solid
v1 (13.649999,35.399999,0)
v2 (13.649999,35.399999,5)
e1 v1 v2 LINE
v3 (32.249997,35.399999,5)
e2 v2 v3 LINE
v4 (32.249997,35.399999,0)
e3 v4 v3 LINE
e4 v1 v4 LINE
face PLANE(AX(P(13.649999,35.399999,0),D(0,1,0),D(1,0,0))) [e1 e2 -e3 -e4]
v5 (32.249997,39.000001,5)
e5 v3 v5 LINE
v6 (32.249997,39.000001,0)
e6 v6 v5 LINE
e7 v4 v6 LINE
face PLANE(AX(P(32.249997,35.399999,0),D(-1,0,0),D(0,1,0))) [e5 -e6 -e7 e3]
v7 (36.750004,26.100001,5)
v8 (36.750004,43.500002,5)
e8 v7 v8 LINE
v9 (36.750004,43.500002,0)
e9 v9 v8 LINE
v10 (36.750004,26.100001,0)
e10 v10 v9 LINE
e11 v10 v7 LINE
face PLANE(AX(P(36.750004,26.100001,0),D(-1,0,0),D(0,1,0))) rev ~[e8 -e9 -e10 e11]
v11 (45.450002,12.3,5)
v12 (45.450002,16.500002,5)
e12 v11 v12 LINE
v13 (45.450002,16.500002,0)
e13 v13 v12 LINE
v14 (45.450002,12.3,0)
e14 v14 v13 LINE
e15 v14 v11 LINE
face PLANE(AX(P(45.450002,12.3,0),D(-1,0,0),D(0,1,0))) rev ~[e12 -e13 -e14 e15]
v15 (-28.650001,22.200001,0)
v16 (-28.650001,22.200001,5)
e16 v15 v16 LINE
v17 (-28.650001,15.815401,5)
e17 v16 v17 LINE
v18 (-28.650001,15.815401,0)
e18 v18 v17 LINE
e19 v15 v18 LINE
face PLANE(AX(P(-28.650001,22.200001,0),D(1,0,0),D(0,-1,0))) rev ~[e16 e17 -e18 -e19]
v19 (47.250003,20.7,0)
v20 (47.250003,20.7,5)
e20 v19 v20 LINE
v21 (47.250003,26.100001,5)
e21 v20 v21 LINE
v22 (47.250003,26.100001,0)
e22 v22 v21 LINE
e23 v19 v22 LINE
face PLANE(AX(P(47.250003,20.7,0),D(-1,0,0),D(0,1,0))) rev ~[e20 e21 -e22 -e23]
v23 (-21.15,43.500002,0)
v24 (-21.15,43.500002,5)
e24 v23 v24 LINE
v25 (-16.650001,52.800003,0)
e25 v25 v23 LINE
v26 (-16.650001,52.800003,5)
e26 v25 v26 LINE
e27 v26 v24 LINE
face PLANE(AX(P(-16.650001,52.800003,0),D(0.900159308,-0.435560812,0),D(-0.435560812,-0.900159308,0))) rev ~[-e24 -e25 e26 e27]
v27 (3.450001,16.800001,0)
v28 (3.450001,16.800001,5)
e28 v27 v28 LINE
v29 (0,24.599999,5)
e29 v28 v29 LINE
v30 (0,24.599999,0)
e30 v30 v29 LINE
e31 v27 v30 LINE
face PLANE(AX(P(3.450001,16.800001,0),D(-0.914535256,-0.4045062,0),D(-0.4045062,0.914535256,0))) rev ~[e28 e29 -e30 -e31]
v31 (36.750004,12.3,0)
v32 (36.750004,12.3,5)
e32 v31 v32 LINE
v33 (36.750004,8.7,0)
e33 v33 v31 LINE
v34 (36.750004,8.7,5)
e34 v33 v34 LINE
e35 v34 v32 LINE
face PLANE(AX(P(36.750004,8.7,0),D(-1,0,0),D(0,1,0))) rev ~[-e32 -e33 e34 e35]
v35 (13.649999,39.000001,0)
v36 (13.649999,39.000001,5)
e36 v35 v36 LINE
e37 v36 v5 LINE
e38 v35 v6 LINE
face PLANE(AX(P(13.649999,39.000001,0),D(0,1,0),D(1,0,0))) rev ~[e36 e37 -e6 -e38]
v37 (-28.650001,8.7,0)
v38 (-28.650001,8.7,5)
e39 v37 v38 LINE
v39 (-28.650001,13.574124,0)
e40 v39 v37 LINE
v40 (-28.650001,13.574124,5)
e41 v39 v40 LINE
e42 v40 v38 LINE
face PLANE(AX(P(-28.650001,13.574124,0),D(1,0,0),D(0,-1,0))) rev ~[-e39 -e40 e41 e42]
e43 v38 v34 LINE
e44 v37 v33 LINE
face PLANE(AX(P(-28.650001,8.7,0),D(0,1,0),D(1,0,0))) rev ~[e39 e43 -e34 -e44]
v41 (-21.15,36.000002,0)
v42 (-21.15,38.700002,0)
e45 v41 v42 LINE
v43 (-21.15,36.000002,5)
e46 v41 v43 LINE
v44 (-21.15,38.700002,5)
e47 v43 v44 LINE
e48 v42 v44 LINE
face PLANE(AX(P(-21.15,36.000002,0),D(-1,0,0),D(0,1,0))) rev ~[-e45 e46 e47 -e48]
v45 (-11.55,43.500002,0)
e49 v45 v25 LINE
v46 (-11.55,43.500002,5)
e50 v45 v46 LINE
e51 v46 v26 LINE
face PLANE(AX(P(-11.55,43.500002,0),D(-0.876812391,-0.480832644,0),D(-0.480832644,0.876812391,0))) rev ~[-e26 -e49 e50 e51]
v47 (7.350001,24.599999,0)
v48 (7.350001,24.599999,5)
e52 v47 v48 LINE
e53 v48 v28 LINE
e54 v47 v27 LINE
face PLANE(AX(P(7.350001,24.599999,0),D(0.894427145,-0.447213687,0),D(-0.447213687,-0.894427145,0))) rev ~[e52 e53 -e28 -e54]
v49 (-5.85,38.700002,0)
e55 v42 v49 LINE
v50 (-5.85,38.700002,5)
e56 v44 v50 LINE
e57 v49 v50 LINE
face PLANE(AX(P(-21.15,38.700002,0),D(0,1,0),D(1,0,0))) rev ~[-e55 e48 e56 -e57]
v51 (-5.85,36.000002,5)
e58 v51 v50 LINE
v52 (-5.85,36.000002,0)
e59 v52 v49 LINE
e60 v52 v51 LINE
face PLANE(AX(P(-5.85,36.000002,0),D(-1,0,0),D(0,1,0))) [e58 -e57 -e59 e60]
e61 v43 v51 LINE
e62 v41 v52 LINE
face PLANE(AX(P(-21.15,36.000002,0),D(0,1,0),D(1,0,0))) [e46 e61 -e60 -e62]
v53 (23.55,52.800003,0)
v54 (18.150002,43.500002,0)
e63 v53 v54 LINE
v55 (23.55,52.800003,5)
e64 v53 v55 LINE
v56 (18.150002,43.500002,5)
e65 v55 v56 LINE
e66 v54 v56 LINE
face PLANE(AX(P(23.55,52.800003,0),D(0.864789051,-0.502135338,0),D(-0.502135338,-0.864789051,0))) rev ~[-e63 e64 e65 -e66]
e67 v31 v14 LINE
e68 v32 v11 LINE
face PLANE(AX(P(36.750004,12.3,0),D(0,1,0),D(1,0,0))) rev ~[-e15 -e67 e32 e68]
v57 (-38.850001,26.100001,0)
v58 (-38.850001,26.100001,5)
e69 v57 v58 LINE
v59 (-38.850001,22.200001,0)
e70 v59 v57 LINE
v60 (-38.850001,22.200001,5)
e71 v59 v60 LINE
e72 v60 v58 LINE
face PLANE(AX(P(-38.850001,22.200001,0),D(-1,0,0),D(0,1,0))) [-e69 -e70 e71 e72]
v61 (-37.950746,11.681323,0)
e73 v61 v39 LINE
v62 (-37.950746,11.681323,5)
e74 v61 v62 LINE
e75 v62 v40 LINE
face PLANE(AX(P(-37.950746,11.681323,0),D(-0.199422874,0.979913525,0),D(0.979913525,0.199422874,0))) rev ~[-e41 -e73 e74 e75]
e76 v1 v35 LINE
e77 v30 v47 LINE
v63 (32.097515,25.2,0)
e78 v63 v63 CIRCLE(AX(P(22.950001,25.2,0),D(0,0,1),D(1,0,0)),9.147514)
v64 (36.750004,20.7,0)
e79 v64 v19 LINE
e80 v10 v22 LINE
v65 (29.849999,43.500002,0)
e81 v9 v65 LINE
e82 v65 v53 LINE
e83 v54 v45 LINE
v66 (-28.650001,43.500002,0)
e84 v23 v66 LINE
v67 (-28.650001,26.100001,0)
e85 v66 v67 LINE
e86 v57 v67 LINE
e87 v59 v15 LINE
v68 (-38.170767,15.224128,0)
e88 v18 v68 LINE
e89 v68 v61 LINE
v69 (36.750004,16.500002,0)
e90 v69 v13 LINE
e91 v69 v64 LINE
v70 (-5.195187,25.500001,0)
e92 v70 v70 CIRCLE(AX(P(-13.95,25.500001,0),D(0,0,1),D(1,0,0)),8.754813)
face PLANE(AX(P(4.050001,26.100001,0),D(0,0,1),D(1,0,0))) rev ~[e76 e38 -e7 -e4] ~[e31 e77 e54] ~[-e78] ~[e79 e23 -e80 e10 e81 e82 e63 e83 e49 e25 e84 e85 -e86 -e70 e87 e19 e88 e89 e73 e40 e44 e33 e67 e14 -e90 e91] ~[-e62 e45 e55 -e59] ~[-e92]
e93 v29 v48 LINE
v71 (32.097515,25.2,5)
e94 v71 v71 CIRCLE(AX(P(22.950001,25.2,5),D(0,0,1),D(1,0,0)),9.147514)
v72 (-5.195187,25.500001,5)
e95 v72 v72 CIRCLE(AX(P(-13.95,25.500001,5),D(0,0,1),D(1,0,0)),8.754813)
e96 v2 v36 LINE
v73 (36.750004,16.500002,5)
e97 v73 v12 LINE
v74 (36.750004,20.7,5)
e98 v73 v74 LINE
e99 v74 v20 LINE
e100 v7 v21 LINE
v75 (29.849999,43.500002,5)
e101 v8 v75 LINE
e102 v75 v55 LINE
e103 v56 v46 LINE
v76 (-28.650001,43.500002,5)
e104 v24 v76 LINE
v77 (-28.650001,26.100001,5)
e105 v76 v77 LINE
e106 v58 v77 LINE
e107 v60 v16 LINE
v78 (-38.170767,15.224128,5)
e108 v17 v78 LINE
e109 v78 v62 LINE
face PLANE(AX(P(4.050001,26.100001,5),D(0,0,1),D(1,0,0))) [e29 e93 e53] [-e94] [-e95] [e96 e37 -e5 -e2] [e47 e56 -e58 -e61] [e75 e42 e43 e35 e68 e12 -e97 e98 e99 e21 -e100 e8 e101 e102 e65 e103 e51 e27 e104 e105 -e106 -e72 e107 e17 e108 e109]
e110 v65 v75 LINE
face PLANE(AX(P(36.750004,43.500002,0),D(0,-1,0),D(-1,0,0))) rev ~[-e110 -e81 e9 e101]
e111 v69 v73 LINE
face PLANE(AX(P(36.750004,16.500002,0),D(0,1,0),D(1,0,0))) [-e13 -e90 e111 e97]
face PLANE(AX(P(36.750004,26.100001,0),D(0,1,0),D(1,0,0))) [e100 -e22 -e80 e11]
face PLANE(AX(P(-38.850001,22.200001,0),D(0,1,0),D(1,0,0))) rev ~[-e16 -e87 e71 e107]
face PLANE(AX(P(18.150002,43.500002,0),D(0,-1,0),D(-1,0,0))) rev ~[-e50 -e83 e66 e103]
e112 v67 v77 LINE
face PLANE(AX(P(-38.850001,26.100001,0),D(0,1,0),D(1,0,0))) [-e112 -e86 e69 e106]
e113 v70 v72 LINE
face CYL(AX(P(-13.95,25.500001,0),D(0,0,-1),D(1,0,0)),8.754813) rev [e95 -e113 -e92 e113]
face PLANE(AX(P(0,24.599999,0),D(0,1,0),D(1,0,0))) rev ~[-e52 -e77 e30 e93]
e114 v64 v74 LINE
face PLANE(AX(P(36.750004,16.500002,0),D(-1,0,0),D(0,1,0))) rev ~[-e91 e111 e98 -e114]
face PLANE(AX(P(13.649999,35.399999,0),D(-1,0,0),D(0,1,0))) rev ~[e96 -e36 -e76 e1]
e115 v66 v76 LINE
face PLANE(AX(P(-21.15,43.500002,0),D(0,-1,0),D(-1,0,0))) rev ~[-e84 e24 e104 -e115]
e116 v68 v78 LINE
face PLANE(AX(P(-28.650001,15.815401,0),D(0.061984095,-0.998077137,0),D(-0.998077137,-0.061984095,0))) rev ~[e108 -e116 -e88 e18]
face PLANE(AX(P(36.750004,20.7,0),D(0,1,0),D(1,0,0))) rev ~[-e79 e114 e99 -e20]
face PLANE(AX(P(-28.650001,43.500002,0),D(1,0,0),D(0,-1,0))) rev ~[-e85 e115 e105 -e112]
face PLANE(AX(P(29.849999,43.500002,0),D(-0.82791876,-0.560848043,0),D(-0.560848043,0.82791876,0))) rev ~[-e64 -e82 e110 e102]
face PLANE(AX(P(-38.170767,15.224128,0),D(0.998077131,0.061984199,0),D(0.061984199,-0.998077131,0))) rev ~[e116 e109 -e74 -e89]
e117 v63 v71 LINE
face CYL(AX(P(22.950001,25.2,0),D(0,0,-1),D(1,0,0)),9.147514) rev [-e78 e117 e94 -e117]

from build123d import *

# Parameters (mm, degrees)
F0_R     = 8.754813
F0_R_2   = 9.147514
F0_W     = 15.3
F0_H     = 2.700001
F0_W_2   = 18.599999
F0_H_2   = 3.600002
F0_W_3   = 10.200001
F0_H_3   = 3.9
F0_W_4   = 10.499999
F0_H_4   = 5.400001
F0_W_5   = 8.699998
F0_H_5   = 4.200002
F1_DEPTH = 5


with BuildPart() as f1:
    # F0 (on Top) → F1 (new body)
    with BuildSketch(Plane.XY):
        Polygon((-21.15, 43.500002), (-28.650001, 43.500002), (-28.650001, 26.100001), (-28.650001, 22.200001), (-28.650001, 15.815401), (-28.650001, 13.574124), (-28.650001, 8.7), (36.750004, 8.7), (36.750004, 12.3), (36.750004, 16.500002), (36.750004, 20.7), (36.750004, 26.100001), (36.750004, 43.500002), (29.849999, 43.500002), (18.150002, 43.500002), (-11.55, 43.500002), align=None)
        Polygon((3.450001, 16.800001), (0, 24.599999), (7.350001, 24.599999), align=None, mode=Mode.SUBTRACT)
        with Locations((-13.95, 25.500001)):
            Circle(F0_R, mode=Mode.SUBTRACT)
        with Locations((22.950001, 25.2)):
            Circle(F0_R_2, mode=Mode.SUBTRACT)
        with Locations((-13.5, 37.350002)):
            Rectangle(F0_W, F0_H, mode=Mode.SUBTRACT)
        with Locations((22.949998, 37.2)):
            Rectangle(F0_W_2, F0_H_2, mode=Mode.SUBTRACT)
        Polygon((-16.650001, 52.800003), (-21.15, 43.500002), (-11.55, 43.500002), align=None)
        with Locations((-33.750001, 24.150001)):
            Rectangle(F0_W_3, F0_H_3)
        Polygon((23.55, 52.800003), (18.150002, 43.500002), (29.849999, 43.500002), align=None)
        Polygon((-28.650001, 13.574124), (-28.650001, 15.815401), (-38.170767, 15.224128), (-37.950746, 11.681323), align=None)
        with Locations((42.000003, 23.4)):
            Rectangle(F0_W_4, F0_H_4)
        with Locations((41.100003, 14.400001)):
            Rectangle(F0_W_5, F0_H_5)
    extrude(amount=F1_DEPTH)


solid = f1.part
